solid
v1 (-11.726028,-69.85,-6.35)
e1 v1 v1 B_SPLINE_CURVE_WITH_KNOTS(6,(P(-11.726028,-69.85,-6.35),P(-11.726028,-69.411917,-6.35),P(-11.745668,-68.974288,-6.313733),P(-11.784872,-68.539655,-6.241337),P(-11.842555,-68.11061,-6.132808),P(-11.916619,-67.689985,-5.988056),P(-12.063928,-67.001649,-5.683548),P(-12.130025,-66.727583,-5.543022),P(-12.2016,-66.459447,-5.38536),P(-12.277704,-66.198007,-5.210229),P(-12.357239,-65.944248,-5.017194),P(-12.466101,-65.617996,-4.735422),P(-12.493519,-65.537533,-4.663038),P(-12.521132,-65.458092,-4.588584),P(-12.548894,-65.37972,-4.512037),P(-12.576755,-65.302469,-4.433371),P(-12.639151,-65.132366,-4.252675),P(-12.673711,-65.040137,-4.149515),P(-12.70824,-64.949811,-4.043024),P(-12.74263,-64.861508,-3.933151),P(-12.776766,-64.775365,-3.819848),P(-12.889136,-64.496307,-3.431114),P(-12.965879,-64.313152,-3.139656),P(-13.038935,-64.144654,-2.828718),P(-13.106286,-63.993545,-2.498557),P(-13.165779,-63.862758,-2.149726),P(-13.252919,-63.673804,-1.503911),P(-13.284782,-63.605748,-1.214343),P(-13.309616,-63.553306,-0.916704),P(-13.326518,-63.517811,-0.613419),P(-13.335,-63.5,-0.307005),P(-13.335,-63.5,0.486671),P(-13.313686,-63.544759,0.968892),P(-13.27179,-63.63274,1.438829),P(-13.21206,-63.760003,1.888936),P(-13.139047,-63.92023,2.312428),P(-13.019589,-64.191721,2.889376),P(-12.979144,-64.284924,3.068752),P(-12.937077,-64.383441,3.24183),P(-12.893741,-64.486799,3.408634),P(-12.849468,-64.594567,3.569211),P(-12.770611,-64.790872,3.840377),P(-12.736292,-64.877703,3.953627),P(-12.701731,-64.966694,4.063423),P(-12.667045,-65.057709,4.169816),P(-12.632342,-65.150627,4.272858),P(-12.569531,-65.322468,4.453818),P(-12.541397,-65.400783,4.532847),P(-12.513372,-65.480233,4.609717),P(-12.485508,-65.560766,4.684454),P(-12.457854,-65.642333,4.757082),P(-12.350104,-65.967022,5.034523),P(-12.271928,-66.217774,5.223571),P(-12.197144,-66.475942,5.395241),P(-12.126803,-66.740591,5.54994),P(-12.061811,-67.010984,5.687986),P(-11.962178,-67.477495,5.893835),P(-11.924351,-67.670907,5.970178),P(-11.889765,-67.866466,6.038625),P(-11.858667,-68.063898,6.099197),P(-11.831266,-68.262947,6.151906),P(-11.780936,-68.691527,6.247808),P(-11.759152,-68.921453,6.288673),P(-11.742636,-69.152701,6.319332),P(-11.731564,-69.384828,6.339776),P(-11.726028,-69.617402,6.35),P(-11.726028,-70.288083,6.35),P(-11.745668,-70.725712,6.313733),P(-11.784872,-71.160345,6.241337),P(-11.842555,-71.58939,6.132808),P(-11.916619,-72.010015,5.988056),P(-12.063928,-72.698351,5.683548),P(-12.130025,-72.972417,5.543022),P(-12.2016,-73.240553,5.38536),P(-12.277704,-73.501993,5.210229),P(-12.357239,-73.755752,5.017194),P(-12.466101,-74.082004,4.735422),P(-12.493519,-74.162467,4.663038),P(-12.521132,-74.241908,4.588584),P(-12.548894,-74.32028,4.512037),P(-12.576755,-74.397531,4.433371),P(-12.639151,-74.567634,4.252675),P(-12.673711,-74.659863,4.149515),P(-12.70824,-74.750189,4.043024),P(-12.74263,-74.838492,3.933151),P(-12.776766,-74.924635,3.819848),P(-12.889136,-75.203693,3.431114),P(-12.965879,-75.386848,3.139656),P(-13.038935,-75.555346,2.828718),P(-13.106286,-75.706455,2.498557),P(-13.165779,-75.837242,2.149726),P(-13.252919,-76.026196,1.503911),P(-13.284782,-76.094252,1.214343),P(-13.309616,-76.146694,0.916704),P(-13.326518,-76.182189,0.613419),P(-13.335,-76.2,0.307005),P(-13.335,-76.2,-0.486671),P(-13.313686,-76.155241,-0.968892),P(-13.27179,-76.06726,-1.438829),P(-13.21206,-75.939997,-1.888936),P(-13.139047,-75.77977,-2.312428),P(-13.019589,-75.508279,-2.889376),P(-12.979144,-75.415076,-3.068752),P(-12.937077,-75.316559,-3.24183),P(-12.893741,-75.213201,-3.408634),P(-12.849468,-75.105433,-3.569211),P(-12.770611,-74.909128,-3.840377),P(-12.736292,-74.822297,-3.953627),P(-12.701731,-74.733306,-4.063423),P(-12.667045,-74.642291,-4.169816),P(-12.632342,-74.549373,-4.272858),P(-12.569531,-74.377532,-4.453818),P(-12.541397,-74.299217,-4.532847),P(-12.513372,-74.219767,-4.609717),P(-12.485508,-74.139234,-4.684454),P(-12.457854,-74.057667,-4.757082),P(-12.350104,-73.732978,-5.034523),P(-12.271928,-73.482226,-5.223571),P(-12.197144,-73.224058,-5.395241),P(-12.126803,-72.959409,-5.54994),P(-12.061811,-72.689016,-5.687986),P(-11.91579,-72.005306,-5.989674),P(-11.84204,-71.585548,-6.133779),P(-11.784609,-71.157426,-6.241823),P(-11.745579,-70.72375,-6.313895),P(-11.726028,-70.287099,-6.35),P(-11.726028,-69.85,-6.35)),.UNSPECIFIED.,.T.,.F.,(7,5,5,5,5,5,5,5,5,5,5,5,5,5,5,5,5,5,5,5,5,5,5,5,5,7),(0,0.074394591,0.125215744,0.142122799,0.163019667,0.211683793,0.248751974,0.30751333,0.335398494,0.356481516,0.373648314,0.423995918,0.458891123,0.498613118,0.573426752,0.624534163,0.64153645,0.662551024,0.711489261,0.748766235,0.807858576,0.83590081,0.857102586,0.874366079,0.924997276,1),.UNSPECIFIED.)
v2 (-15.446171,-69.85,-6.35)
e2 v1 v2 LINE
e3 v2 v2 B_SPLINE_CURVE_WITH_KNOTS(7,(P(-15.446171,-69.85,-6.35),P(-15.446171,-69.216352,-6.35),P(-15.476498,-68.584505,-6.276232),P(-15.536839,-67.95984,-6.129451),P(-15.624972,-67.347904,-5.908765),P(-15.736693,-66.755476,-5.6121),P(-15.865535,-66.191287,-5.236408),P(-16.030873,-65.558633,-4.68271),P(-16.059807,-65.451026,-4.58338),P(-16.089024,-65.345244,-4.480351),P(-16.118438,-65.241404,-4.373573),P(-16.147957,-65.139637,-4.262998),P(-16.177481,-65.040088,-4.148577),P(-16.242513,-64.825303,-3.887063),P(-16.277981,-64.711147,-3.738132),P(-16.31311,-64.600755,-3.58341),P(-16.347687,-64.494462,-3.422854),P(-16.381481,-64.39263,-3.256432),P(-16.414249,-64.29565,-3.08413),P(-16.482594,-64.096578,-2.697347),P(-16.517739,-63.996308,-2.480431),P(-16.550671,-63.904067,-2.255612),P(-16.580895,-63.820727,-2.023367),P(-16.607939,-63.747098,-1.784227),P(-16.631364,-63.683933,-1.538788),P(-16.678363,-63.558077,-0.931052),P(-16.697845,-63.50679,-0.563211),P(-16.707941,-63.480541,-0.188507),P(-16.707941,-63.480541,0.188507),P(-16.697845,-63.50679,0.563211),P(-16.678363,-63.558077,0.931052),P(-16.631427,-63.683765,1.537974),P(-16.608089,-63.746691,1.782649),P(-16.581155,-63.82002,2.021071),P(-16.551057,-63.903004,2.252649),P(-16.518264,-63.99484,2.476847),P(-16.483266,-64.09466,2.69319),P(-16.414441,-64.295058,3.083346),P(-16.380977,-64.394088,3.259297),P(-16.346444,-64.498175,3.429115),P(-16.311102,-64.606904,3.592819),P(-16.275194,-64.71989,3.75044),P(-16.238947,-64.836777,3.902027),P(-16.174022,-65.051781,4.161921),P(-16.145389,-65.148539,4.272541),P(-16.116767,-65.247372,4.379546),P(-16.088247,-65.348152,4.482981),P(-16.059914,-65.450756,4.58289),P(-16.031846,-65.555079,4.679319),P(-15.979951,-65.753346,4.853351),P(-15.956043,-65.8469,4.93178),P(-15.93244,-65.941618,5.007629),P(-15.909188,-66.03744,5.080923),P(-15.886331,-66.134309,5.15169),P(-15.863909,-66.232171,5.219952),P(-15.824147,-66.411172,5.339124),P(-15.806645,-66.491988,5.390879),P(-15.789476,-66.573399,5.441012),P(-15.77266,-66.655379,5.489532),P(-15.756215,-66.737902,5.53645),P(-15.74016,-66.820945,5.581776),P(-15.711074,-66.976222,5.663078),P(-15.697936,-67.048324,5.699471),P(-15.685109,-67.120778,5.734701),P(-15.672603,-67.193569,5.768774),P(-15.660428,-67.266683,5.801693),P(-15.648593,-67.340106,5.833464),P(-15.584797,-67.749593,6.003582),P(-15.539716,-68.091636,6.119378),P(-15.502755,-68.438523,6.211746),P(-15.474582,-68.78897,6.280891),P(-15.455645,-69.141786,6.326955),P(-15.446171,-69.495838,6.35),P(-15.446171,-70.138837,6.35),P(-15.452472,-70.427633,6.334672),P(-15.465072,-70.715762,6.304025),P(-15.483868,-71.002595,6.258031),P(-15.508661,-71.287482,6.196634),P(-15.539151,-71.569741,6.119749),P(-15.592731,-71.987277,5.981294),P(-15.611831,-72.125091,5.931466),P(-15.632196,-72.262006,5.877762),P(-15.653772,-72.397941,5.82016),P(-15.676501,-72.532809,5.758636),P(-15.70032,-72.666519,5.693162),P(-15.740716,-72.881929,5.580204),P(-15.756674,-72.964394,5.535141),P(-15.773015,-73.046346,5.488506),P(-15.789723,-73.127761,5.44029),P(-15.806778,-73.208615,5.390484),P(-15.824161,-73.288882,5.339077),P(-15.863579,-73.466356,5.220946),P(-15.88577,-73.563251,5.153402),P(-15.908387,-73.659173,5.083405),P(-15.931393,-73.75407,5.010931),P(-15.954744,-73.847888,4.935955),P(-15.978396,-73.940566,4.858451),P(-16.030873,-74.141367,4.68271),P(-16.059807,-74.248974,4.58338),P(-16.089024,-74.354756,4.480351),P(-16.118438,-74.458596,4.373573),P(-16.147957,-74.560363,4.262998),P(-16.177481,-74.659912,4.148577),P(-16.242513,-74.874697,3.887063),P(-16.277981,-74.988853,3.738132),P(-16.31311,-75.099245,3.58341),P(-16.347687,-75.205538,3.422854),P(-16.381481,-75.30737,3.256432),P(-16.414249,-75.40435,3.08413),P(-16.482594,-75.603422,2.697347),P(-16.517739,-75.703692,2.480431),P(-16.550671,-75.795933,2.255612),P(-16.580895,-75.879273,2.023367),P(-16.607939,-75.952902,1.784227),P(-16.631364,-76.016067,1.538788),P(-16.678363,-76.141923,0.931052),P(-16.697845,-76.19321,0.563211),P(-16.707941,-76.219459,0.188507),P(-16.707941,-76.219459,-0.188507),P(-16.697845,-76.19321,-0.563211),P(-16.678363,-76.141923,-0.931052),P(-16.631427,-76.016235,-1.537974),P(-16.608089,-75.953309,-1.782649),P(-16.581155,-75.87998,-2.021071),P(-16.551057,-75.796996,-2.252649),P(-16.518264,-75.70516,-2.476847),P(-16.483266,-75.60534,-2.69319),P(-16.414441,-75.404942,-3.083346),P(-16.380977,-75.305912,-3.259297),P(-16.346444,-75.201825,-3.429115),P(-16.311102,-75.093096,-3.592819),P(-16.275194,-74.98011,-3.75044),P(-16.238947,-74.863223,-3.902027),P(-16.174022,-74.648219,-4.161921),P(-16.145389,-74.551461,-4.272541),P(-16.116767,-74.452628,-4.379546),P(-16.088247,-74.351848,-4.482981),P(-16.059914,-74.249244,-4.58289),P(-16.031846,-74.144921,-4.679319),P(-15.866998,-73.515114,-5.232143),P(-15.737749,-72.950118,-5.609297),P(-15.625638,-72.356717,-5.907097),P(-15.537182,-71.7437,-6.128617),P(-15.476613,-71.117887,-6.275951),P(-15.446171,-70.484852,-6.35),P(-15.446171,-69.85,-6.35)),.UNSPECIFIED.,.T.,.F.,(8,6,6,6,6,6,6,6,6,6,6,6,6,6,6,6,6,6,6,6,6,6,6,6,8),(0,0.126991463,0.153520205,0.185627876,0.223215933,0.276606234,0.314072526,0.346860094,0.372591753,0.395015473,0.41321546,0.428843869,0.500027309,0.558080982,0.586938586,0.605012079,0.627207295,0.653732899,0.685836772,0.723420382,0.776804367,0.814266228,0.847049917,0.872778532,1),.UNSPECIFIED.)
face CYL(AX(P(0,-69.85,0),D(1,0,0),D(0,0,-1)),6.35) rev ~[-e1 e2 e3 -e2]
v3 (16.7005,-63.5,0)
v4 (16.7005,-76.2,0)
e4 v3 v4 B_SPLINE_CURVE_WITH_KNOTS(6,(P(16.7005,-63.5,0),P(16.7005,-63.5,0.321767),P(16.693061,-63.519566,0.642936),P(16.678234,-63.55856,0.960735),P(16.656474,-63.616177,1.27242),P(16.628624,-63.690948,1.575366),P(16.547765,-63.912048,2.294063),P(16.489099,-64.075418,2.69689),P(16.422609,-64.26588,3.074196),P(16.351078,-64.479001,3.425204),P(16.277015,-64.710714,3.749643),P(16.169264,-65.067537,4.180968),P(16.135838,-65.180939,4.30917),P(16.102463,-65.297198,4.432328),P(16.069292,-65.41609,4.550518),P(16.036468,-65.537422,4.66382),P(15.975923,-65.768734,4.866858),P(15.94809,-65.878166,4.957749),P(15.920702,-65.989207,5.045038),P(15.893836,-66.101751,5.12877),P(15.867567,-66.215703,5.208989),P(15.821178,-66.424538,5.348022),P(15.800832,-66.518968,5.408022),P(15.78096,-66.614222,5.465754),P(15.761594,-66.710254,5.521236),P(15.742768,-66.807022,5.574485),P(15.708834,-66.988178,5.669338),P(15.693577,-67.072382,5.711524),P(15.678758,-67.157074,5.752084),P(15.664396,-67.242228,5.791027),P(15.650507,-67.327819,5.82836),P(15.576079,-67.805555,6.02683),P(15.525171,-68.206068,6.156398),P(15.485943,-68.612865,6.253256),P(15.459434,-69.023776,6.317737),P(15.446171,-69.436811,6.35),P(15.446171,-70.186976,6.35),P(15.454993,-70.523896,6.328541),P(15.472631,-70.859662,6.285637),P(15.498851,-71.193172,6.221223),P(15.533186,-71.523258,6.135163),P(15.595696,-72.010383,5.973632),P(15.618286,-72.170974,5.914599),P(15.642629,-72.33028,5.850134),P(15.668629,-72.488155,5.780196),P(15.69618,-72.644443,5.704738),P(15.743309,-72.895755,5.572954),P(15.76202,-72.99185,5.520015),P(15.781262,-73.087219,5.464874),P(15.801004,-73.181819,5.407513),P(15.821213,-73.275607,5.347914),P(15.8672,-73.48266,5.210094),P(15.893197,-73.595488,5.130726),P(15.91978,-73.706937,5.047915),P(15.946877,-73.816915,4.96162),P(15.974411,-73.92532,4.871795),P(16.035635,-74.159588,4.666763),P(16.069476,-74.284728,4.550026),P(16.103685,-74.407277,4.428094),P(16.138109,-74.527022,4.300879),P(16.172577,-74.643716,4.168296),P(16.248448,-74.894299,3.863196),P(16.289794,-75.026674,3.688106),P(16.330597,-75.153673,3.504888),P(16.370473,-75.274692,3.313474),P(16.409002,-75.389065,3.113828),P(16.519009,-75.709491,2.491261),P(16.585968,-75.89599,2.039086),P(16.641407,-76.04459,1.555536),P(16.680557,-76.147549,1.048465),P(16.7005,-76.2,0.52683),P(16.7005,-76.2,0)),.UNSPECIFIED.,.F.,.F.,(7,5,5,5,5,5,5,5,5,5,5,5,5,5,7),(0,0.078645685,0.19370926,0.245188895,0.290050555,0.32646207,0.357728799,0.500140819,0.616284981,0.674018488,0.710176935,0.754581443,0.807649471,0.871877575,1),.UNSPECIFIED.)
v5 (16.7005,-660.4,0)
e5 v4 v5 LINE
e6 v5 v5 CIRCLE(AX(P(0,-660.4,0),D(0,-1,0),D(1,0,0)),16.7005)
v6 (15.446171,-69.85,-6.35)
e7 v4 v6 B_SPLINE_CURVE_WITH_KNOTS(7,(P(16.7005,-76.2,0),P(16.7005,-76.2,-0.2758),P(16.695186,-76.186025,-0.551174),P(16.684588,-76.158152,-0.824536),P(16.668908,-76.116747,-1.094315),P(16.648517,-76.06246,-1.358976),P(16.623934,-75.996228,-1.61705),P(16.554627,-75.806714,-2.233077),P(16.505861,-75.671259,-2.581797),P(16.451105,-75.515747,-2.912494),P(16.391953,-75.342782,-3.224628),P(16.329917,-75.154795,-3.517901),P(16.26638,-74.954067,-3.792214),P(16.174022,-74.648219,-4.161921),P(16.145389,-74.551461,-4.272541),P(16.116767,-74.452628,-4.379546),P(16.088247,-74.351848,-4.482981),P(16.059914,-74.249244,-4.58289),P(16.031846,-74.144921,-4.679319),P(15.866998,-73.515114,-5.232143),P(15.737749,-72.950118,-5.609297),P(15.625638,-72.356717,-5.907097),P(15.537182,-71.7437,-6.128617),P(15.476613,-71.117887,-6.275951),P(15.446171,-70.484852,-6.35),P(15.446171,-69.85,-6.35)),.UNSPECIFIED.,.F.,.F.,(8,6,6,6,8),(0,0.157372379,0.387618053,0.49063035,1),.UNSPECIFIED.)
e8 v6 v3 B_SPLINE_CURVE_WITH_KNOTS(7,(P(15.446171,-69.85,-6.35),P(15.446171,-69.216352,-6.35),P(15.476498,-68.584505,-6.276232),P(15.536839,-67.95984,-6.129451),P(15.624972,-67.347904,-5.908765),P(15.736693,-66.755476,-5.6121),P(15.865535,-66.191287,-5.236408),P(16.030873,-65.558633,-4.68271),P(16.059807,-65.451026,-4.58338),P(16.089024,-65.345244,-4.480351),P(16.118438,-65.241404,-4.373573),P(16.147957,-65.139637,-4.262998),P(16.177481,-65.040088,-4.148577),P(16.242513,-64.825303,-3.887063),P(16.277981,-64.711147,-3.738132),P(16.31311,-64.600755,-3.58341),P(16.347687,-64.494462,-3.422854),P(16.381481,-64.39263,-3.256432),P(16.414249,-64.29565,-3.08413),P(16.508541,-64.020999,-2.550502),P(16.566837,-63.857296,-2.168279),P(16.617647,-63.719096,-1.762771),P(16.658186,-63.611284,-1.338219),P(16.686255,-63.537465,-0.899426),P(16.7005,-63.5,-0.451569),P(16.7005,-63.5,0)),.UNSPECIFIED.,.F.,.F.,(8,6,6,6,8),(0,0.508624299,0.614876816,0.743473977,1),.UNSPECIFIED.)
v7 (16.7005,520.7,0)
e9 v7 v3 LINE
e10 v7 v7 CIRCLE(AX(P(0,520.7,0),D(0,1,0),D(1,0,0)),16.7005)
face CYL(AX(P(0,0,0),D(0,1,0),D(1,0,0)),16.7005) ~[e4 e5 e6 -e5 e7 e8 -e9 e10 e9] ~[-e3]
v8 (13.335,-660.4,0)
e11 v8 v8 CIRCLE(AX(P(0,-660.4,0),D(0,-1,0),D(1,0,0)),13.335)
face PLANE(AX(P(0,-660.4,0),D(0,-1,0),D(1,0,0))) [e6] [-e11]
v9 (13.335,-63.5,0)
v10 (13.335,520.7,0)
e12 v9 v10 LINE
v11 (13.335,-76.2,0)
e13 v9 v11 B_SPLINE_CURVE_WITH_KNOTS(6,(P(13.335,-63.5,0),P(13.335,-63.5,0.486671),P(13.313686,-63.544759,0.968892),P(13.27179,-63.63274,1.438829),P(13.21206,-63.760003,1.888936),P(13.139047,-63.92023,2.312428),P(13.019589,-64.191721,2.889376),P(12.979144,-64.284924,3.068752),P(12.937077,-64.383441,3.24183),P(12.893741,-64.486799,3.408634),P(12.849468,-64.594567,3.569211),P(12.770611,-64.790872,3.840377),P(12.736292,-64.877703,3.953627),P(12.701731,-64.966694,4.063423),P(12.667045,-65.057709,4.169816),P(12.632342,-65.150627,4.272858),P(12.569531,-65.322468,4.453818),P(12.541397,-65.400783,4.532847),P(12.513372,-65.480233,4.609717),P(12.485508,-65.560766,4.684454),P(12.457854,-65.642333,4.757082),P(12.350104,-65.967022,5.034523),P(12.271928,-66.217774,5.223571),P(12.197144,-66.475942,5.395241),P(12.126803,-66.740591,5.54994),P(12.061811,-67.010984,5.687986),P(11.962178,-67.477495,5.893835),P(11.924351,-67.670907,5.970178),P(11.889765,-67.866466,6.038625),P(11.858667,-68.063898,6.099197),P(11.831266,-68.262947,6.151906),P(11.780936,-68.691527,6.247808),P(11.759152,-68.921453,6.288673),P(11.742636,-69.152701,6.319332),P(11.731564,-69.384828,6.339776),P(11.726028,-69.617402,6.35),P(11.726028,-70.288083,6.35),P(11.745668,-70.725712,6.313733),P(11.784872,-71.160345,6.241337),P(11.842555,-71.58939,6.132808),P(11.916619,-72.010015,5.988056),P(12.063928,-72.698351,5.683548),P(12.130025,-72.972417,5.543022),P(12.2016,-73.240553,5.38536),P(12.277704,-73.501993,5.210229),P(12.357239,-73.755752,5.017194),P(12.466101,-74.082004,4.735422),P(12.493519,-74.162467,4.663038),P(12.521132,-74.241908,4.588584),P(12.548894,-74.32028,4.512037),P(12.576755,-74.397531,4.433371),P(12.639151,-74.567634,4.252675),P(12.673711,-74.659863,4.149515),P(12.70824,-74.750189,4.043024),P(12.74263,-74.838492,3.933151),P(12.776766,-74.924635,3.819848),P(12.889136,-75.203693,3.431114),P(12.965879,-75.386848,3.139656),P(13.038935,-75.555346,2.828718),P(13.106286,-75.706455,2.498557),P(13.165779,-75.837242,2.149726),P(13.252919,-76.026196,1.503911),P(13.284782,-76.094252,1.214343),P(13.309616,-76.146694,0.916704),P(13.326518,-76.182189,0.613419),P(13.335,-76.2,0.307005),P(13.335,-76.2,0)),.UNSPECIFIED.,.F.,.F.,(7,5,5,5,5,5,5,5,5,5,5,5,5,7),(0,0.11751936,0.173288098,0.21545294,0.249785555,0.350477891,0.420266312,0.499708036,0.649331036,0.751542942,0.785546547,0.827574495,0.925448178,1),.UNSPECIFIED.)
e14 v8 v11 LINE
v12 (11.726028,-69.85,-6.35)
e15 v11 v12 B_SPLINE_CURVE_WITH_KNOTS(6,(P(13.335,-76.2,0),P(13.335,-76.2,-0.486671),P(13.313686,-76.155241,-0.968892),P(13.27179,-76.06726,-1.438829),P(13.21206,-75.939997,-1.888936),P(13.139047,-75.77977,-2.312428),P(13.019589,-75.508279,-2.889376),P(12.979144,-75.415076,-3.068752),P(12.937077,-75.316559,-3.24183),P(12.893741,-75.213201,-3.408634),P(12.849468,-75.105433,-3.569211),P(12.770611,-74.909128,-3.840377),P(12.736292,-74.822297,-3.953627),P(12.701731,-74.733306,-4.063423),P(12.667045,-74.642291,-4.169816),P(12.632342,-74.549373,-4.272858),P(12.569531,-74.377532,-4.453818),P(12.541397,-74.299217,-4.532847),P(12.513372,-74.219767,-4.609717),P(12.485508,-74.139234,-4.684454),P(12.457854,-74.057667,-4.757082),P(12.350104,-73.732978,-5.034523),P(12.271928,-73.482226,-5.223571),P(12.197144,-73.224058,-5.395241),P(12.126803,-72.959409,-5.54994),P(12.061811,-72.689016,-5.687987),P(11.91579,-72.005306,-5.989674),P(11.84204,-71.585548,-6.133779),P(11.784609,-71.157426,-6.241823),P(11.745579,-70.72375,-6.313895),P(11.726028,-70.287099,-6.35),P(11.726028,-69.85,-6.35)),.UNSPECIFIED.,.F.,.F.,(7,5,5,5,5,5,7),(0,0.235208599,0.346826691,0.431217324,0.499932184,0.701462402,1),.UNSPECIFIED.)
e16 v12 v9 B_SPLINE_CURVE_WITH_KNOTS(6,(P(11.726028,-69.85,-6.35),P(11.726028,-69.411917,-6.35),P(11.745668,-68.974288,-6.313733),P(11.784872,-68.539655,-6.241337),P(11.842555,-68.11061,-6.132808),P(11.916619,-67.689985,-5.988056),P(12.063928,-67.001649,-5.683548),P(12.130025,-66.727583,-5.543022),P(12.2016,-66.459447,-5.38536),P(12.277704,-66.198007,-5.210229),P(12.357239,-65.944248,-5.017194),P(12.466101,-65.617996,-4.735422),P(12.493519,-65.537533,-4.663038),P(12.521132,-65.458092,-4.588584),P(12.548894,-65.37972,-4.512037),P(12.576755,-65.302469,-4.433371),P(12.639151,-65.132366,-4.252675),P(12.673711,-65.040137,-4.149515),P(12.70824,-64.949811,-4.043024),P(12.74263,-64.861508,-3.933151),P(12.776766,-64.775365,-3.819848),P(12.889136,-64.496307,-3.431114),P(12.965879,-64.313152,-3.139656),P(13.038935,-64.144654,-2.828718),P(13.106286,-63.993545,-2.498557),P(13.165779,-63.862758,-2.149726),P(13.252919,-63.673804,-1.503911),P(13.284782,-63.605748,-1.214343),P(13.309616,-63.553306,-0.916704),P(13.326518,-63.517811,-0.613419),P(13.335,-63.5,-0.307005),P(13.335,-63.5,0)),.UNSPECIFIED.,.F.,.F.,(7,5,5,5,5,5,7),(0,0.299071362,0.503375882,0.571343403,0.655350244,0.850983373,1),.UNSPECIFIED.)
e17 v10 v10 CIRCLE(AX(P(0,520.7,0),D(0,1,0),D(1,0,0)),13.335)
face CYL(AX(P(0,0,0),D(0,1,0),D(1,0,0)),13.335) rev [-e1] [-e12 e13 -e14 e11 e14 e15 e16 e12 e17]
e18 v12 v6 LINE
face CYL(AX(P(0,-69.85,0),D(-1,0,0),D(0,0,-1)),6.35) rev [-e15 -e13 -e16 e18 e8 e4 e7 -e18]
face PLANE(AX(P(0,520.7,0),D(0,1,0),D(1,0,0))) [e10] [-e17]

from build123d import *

# Parameters (mm, degrees)
SKETCH1_R               = 16.7005
SKETCH1_R_2             = 13.335
BOSS_EXTRUDE1_DEPTH     = 520.7
SKETCH3_R               = 16.7005
SKETCH3_R_2             = 13.335
BOSS_EXTRUDE2_DEPTH     = 660.4
SKETCH2_R               = 6.35
CUT_EXTRUDE1_DEPTH      = 17.7005
CUT_EXTRUDE1_DEPTH_BACK = 17.7005


with BuildPart() as part:
    # Sketch1 → Boss-Extrude1 (new body)
    with BuildSketch(Plane(origin=(0, 0, 0), x_dir=(1, 0, 0), z_dir=(0, 1, 0))):
        Circle(SKETCH1_R)
        Circle(SKETCH1_R_2, mode=Mode.SUBTRACT)
    extrude(amount=BOSS_EXTRUDE1_DEPTH)

    # Sketch3 → Boss-Extrude2 (add)
    with BuildSketch(Plane.XZ):
        Circle(SKETCH3_R)
        Circle(SKETCH3_R_2, mode=Mode.SUBTRACT)
    extrude(amount=BOSS_EXTRUDE2_DEPTH)

    # Sketch2 → Cut-Extrude1 (cut, two sides)
    with BuildSketch(Plane(origin=(0, 0, 0), x_dir=(0, 0, -1), z_dir=(1, 0, 0))) as cut_extrude1_sk:
        with Locations((0, -69.85)):
            Circle(SKETCH2_R)
    extrude(amount=CUT_EXTRUDE1_DEPTH, mode=Mode.SUBTRACT)
    extrude(cut_extrude1_sk.sketch, amount=-CUT_EXTRUDE1_DEPTH_BACK, mode=Mode.SUBTRACT)


solid = part.part
